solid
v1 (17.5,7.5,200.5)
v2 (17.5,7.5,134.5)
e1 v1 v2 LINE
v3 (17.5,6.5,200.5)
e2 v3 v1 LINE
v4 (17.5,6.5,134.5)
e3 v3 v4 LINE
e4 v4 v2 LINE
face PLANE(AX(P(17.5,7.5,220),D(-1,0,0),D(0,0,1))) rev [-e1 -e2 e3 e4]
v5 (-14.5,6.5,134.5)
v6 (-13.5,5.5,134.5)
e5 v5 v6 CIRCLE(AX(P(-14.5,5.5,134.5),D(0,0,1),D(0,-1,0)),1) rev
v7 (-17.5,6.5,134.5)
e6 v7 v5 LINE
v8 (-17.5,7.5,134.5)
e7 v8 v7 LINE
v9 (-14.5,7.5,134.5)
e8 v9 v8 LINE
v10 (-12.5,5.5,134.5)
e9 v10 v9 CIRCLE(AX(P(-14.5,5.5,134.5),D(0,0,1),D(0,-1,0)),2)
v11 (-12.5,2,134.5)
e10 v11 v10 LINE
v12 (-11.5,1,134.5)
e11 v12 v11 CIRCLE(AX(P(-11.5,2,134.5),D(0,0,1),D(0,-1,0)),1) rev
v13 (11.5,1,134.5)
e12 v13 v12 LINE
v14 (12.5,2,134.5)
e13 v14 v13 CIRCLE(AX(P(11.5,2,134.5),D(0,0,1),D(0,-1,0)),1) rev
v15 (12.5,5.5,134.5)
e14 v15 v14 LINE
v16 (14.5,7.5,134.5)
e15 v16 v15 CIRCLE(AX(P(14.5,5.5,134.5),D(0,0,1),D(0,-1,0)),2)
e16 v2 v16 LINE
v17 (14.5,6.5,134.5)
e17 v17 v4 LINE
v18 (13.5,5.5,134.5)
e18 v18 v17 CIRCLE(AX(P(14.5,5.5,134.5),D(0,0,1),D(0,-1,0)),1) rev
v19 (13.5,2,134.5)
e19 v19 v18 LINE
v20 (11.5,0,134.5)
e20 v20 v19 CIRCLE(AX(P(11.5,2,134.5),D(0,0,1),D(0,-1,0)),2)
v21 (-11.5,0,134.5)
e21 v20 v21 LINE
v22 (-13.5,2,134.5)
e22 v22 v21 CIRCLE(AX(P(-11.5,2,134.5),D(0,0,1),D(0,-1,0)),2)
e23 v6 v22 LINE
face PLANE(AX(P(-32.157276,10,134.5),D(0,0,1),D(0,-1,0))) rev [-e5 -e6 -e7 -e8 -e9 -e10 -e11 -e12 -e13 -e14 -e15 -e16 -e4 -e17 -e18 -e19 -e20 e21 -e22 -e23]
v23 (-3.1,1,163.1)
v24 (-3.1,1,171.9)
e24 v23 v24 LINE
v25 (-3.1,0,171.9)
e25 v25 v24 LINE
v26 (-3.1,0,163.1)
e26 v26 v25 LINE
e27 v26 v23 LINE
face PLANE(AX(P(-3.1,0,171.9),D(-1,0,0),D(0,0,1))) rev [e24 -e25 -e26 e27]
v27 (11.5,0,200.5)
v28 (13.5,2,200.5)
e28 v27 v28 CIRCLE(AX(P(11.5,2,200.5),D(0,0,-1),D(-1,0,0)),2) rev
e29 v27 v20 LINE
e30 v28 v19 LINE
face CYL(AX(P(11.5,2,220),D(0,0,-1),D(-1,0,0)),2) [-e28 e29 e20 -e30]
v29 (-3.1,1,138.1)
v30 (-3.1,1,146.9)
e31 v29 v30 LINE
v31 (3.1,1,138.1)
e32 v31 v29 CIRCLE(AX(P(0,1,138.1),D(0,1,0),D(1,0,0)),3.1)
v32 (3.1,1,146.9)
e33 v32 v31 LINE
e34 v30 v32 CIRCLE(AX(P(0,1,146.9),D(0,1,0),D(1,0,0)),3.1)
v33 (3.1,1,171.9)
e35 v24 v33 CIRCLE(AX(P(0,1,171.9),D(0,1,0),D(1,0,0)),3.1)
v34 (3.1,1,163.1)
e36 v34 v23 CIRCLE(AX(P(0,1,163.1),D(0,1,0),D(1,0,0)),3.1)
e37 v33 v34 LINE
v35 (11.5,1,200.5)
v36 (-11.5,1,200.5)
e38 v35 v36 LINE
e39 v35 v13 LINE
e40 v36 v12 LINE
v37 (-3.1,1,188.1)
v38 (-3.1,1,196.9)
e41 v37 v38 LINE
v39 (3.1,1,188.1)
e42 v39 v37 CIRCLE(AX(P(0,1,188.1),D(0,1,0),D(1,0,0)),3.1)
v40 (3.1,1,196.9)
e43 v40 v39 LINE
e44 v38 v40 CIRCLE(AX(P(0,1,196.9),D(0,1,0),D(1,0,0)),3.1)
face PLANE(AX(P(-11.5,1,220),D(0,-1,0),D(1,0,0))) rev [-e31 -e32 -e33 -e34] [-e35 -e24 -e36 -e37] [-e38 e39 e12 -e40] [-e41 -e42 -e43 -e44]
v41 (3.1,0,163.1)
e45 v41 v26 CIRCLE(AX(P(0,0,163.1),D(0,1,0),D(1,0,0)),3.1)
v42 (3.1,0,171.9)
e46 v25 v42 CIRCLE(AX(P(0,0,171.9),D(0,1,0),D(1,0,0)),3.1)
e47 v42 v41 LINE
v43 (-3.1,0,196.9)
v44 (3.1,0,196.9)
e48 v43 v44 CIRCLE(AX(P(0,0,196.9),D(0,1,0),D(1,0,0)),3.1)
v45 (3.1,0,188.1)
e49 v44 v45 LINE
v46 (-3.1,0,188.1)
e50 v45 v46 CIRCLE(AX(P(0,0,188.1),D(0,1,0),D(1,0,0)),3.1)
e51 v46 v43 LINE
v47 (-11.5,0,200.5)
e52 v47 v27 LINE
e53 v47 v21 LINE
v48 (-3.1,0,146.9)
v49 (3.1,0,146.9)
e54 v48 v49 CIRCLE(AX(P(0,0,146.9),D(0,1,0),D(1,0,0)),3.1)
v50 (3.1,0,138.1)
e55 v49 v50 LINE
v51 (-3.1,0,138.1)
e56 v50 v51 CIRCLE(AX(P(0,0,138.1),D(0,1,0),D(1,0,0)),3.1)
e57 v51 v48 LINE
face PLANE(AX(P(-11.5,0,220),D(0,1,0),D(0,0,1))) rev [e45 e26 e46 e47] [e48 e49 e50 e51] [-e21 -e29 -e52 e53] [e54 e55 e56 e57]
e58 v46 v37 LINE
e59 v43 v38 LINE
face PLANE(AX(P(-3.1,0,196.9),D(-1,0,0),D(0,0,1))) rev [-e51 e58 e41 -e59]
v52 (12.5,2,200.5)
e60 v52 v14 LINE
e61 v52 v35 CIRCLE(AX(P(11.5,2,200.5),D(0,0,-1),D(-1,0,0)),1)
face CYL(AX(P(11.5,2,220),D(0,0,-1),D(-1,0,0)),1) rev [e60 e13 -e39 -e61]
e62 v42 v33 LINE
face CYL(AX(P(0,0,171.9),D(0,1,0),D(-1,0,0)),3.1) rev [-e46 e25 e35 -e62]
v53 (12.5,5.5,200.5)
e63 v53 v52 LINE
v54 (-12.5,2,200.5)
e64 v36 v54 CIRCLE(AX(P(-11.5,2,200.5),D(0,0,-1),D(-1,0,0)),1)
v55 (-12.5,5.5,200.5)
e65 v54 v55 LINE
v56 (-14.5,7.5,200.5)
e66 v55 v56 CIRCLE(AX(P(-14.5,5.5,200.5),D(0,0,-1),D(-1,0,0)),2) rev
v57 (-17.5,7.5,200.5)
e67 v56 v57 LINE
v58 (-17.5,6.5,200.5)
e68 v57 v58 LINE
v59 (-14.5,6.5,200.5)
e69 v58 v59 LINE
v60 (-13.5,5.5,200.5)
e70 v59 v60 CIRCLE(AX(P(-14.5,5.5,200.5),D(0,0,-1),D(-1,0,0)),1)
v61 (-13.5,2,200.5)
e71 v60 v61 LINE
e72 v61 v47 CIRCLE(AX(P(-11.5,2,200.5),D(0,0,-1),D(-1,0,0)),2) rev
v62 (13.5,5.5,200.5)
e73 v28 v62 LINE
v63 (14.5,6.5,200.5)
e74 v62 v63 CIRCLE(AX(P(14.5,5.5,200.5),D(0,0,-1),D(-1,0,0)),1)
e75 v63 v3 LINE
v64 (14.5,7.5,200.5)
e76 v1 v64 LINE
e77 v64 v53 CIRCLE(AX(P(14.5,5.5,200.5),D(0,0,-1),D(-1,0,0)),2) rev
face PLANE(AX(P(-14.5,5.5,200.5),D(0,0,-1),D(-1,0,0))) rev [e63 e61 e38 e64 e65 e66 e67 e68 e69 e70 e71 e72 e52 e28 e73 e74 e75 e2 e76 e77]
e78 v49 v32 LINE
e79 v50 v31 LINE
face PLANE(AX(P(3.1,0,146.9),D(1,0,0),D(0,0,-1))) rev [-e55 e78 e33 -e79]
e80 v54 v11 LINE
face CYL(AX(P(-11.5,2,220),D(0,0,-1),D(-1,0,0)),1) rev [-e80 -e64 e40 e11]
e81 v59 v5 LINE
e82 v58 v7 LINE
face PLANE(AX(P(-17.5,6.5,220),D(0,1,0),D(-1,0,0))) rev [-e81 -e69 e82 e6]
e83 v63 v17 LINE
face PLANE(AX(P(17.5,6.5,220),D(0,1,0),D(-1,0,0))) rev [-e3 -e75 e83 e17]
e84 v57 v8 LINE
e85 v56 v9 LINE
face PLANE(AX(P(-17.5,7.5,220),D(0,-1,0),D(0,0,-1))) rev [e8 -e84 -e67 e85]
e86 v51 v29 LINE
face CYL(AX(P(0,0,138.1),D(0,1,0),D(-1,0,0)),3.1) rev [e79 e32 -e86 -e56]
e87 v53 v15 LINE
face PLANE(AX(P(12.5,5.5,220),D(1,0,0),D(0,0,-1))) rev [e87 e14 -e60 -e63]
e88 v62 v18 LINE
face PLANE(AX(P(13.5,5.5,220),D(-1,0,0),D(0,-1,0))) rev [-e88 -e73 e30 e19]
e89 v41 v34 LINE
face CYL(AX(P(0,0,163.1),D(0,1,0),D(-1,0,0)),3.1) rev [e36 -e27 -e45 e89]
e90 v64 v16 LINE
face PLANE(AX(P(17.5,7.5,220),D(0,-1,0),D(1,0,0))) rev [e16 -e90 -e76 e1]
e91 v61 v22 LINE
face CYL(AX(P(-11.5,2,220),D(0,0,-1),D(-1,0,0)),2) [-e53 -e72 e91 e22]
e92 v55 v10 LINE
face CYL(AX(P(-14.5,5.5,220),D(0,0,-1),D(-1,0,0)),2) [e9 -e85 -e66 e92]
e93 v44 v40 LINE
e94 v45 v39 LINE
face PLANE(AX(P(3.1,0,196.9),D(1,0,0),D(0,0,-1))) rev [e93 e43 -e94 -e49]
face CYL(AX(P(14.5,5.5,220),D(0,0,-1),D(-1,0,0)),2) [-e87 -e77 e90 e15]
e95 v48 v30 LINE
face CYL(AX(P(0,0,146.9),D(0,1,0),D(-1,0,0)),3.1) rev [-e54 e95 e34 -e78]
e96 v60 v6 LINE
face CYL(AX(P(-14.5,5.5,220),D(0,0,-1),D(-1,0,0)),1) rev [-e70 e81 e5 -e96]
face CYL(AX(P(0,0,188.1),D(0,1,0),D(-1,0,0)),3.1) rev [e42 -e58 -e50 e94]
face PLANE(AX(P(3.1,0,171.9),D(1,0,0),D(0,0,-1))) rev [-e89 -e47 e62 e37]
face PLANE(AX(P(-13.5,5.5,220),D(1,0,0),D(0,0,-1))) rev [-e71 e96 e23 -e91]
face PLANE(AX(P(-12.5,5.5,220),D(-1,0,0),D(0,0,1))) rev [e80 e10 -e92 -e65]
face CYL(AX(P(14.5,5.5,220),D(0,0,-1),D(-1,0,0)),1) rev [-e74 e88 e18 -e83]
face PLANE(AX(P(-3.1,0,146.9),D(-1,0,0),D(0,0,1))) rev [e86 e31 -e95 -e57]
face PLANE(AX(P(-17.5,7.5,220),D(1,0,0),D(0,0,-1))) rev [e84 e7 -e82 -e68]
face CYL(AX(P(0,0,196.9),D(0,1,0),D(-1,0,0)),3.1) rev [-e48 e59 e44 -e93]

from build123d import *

# Parameters (mm, degrees)
EXTRUDE_1_DEPTH        = 220
CUT_EXTRUDE_1_DEPTH    = 1
PATTERN_LINEAR_3_COUNT = 8
PATTERN_LINEAR_3_PITCH = 25
CUT_EXTRUDE_5_DEPTH    = 9.5
CUT_EXTRUDE_START      = -19.5
CUT_EXTRUDE_6_DEPTH    = 19.5
SKETCH_6_W             = 72.426298227
SKETCH_6_H             = 150
CUT_EXTRUDE_7_DEPTH    = 10


with BuildPart() as part:
    # Эскиз1 → Вытянуть1 (new body)
    with BuildSketch(Plane.XY):
        with BuildLine():
            Line((-17.5, 6.5), (-14.5, 6.5))
            ThreePointArc((-14.5, 6.5), (-13.792893219, 6.207106781), (-13.5, 5.5))
            Line((-13.5, 5.5), (-13.5, 2))
            ThreePointArc((-13.5, 2), (-12.914213562, 0.585786438), (-11.5, 0))
            Line((-11.5, 0), (11.5, 0))
            ThreePointArc((11.5, 0), (12.914213562, 0.585786438), (13.5, 2))
            Line((13.5, 2), (13.5, 5.5))
            ThreePointArc((13.5, 5.5), (13.792893219, 6.207106781), (14.5, 6.5))
            Line((14.5, 6.5), (17.5, 6.5))
            Line((17.5, 6.5), (17.5, 7.5))
            Line((17.5, 7.5), (14.5, 7.5))
            ThreePointArc((14.5, 7.5), (13.085786438, 6.914213562), (12.5, 5.5))
            Line((12.5, 5.5), (12.5, 2))
            ThreePointArc((12.5, 2), (12.207106781, 1.292893219), (11.5, 1))
            Line((11.5, 1), (-11.5, 1))
            ThreePointArc((-11.5, 1), (-12.207106781, 1.292893219), (-12.5, 2))
            Line((-12.5, 2), (-12.5, 5.5))
            ThreePointArc((-12.5, 5.5), (-13.085786438, 6.914213562), (-14.5, 7.5))
            Line((-14.5, 7.5), (-17.5, 7.5))
            Line((-17.5, 7.5), (-17.5, 6.5))
        make_face()
    extrude(amount=EXTRUDE_1_DEPTH)

    # Эскиз2 → Вырез-Вытянуть1 (cut)
    with BuildSketch(Plane(origin=(0, 1, 0), x_dir=(-1, 0, 0), z_dir=(0, 1, 0))):
        with BuildLine():
            Line((3.1, 21.9), (3.1, 13.1))
            ThreePointArc((3.1, 13.1), (0, 10), (-3.1, 13.1))
            Line((-3.1, 13.1), (-3.1, 21.9))
            ThreePointArc((-3.1, 21.9), (0, 25), (3.1, 21.9))
        make_face()
    cut_extrude_1 = extrude(amount=-CUT_EXTRUDE_1_DEPTH, mode=Mode.SUBTRACT)

    # Линейный массив3: Вырез-Вытянуть1 ×8
    with Locations(*[(0, 0, i * PATTERN_LINEAR_3_PITCH) for i in range(1, PATTERN_LINEAR_3_COUNT)]):
        add(cut_extrude_1, mode=Mode.SUBTRACT)

    # Эскиз3 → Вырез-Вытянуть5 (cut)
    with BuildSketch(Plane(origin=(0, 0, 0), x_dir=(-1, 0, 0), z_dir=(0, 0, -1))):
        with BuildLine():
            Line((17.5, 6.5), (17.5, 7.5))
            Line((17.5, 7.5), (14.5, 7.5))
            ThreePointArc((14.5, 7.5), (13.085786438, 6.914213562), (12.5, 5.5))
            Line((12.5, 5.5), (12.5, 2))
            ThreePointArc((12.5, 2), (12.207106781, 1.292893219), (11.5, 1))
            Line((11.5, 1), (-11.5, 1))
            ThreePointArc((-11.5, 1), (-12.207106781, 1.292893219), (-12.5, 2))
            Line((-12.5, 2), (-12.5, 5.5))
            ThreePointArc((-12.5, 5.5), (-13.085786438, 6.914213562), (-14.5, 7.5))
            Line((-14.5, 7.5), (-17.5, 7.5))
            Line((-17.5, 7.5), (-17.5, 6.5))
            Line((-17.5, 6.5), (-14.5, 6.5))
            ThreePointArc((-14.5, 6.5), (-13.792893219, 6.207106781), (-13.5, 5.5))
            Line((-13.5, 5.5), (-13.5, 2))
            ThreePointArc((-13.5, 2), (-12.914213562, 0.585786438), (-11.5, 0))
            Line((-11.5, 0), (11.5, 0))
            ThreePointArc((11.5, 0), (12.914213562, 0.585786438), (13.5, 2))
            Line((13.5, 2), (13.5, 5.5))
            ThreePointArc((13.5, 5.5), (13.792893219, 6.207106781), (14.5, 6.5))
            Line((14.5, 6.5), (17.5, 6.5))
        make_face()
    extrude(amount=-CUT_EXTRUDE_5_DEPTH, mode=Mode.SUBTRACT)

    # Эскиз5 → Вырез-Вытянуть6 (cut)
    with BuildSketch(Plane.XY.offset(220).offset(CUT_EXTRUDE_START)):
        with BuildLine():
            Line((-17.5, 7.5), (-17.5, 6.5))
            Line((-17.5, 6.5), (-14.5, 6.5))
            ThreePointArc((-14.5, 6.5), (-13.792893219, 6.207106781), (-13.5, 5.5))
            Line((-13.5, 5.5), (-13.5, 2))
            ThreePointArc((-13.5, 2), (-12.914213562, 0.585786438), (-11.5, 0))
            Line((-11.5, 0), (11.5, 0))
            ThreePointArc((11.5, 0), (12.914213562, 0.585786438), (13.5, 2))
            Line((13.5, 2), (13.5, 5.5))
            ThreePointArc((13.5, 5.5), (13.792893219, 6.207106781), (14.5, 6.5))
            Line((14.5, 6.5), (17.5, 6.5))
            Line((17.5, 6.5), (17.5, 7.5))
            Line((17.5, 7.5), (14.5, 7.5))
            ThreePointArc((14.5, 7.5), (13.085786438, 6.914213562), (12.5, 5.5))
            Line((12.5, 5.5), (12.5, 2))
            ThreePointArc((12.5, 2), (12.207106781, 1.292893219), (11.5, 1))
            Line((11.5, 1), (-11.5, 1))
            ThreePointArc((-11.5, 1), (-12.207106781, 1.292893219), (-12.5, 2))
            Line((-12.5, 2), (-12.5, 5.5))
            ThreePointArc((-12.5, 5.5), (-13.085786438, 6.914213562), (-14.5, 7.5))
            Line((-14.5, 7.5), (-17.5, 7.5))
        make_face()
    extrude(amount=CUT_EXTRUDE_6_DEPTH, mode=Mode.SUBTRACT)

    # Эскиз6 → Вырез-Вытянуть7 (cut)
    with BuildSketch(Plane.XZ):
        with Locations((4.055872701, 59.5)):
            Rectangle(SKETCH_6_W, SKETCH_6_H)
    extrude(amount=-CUT_EXTRUDE_7_DEPTH, mode=Mode.SUBTRACT)


solid = part.part
